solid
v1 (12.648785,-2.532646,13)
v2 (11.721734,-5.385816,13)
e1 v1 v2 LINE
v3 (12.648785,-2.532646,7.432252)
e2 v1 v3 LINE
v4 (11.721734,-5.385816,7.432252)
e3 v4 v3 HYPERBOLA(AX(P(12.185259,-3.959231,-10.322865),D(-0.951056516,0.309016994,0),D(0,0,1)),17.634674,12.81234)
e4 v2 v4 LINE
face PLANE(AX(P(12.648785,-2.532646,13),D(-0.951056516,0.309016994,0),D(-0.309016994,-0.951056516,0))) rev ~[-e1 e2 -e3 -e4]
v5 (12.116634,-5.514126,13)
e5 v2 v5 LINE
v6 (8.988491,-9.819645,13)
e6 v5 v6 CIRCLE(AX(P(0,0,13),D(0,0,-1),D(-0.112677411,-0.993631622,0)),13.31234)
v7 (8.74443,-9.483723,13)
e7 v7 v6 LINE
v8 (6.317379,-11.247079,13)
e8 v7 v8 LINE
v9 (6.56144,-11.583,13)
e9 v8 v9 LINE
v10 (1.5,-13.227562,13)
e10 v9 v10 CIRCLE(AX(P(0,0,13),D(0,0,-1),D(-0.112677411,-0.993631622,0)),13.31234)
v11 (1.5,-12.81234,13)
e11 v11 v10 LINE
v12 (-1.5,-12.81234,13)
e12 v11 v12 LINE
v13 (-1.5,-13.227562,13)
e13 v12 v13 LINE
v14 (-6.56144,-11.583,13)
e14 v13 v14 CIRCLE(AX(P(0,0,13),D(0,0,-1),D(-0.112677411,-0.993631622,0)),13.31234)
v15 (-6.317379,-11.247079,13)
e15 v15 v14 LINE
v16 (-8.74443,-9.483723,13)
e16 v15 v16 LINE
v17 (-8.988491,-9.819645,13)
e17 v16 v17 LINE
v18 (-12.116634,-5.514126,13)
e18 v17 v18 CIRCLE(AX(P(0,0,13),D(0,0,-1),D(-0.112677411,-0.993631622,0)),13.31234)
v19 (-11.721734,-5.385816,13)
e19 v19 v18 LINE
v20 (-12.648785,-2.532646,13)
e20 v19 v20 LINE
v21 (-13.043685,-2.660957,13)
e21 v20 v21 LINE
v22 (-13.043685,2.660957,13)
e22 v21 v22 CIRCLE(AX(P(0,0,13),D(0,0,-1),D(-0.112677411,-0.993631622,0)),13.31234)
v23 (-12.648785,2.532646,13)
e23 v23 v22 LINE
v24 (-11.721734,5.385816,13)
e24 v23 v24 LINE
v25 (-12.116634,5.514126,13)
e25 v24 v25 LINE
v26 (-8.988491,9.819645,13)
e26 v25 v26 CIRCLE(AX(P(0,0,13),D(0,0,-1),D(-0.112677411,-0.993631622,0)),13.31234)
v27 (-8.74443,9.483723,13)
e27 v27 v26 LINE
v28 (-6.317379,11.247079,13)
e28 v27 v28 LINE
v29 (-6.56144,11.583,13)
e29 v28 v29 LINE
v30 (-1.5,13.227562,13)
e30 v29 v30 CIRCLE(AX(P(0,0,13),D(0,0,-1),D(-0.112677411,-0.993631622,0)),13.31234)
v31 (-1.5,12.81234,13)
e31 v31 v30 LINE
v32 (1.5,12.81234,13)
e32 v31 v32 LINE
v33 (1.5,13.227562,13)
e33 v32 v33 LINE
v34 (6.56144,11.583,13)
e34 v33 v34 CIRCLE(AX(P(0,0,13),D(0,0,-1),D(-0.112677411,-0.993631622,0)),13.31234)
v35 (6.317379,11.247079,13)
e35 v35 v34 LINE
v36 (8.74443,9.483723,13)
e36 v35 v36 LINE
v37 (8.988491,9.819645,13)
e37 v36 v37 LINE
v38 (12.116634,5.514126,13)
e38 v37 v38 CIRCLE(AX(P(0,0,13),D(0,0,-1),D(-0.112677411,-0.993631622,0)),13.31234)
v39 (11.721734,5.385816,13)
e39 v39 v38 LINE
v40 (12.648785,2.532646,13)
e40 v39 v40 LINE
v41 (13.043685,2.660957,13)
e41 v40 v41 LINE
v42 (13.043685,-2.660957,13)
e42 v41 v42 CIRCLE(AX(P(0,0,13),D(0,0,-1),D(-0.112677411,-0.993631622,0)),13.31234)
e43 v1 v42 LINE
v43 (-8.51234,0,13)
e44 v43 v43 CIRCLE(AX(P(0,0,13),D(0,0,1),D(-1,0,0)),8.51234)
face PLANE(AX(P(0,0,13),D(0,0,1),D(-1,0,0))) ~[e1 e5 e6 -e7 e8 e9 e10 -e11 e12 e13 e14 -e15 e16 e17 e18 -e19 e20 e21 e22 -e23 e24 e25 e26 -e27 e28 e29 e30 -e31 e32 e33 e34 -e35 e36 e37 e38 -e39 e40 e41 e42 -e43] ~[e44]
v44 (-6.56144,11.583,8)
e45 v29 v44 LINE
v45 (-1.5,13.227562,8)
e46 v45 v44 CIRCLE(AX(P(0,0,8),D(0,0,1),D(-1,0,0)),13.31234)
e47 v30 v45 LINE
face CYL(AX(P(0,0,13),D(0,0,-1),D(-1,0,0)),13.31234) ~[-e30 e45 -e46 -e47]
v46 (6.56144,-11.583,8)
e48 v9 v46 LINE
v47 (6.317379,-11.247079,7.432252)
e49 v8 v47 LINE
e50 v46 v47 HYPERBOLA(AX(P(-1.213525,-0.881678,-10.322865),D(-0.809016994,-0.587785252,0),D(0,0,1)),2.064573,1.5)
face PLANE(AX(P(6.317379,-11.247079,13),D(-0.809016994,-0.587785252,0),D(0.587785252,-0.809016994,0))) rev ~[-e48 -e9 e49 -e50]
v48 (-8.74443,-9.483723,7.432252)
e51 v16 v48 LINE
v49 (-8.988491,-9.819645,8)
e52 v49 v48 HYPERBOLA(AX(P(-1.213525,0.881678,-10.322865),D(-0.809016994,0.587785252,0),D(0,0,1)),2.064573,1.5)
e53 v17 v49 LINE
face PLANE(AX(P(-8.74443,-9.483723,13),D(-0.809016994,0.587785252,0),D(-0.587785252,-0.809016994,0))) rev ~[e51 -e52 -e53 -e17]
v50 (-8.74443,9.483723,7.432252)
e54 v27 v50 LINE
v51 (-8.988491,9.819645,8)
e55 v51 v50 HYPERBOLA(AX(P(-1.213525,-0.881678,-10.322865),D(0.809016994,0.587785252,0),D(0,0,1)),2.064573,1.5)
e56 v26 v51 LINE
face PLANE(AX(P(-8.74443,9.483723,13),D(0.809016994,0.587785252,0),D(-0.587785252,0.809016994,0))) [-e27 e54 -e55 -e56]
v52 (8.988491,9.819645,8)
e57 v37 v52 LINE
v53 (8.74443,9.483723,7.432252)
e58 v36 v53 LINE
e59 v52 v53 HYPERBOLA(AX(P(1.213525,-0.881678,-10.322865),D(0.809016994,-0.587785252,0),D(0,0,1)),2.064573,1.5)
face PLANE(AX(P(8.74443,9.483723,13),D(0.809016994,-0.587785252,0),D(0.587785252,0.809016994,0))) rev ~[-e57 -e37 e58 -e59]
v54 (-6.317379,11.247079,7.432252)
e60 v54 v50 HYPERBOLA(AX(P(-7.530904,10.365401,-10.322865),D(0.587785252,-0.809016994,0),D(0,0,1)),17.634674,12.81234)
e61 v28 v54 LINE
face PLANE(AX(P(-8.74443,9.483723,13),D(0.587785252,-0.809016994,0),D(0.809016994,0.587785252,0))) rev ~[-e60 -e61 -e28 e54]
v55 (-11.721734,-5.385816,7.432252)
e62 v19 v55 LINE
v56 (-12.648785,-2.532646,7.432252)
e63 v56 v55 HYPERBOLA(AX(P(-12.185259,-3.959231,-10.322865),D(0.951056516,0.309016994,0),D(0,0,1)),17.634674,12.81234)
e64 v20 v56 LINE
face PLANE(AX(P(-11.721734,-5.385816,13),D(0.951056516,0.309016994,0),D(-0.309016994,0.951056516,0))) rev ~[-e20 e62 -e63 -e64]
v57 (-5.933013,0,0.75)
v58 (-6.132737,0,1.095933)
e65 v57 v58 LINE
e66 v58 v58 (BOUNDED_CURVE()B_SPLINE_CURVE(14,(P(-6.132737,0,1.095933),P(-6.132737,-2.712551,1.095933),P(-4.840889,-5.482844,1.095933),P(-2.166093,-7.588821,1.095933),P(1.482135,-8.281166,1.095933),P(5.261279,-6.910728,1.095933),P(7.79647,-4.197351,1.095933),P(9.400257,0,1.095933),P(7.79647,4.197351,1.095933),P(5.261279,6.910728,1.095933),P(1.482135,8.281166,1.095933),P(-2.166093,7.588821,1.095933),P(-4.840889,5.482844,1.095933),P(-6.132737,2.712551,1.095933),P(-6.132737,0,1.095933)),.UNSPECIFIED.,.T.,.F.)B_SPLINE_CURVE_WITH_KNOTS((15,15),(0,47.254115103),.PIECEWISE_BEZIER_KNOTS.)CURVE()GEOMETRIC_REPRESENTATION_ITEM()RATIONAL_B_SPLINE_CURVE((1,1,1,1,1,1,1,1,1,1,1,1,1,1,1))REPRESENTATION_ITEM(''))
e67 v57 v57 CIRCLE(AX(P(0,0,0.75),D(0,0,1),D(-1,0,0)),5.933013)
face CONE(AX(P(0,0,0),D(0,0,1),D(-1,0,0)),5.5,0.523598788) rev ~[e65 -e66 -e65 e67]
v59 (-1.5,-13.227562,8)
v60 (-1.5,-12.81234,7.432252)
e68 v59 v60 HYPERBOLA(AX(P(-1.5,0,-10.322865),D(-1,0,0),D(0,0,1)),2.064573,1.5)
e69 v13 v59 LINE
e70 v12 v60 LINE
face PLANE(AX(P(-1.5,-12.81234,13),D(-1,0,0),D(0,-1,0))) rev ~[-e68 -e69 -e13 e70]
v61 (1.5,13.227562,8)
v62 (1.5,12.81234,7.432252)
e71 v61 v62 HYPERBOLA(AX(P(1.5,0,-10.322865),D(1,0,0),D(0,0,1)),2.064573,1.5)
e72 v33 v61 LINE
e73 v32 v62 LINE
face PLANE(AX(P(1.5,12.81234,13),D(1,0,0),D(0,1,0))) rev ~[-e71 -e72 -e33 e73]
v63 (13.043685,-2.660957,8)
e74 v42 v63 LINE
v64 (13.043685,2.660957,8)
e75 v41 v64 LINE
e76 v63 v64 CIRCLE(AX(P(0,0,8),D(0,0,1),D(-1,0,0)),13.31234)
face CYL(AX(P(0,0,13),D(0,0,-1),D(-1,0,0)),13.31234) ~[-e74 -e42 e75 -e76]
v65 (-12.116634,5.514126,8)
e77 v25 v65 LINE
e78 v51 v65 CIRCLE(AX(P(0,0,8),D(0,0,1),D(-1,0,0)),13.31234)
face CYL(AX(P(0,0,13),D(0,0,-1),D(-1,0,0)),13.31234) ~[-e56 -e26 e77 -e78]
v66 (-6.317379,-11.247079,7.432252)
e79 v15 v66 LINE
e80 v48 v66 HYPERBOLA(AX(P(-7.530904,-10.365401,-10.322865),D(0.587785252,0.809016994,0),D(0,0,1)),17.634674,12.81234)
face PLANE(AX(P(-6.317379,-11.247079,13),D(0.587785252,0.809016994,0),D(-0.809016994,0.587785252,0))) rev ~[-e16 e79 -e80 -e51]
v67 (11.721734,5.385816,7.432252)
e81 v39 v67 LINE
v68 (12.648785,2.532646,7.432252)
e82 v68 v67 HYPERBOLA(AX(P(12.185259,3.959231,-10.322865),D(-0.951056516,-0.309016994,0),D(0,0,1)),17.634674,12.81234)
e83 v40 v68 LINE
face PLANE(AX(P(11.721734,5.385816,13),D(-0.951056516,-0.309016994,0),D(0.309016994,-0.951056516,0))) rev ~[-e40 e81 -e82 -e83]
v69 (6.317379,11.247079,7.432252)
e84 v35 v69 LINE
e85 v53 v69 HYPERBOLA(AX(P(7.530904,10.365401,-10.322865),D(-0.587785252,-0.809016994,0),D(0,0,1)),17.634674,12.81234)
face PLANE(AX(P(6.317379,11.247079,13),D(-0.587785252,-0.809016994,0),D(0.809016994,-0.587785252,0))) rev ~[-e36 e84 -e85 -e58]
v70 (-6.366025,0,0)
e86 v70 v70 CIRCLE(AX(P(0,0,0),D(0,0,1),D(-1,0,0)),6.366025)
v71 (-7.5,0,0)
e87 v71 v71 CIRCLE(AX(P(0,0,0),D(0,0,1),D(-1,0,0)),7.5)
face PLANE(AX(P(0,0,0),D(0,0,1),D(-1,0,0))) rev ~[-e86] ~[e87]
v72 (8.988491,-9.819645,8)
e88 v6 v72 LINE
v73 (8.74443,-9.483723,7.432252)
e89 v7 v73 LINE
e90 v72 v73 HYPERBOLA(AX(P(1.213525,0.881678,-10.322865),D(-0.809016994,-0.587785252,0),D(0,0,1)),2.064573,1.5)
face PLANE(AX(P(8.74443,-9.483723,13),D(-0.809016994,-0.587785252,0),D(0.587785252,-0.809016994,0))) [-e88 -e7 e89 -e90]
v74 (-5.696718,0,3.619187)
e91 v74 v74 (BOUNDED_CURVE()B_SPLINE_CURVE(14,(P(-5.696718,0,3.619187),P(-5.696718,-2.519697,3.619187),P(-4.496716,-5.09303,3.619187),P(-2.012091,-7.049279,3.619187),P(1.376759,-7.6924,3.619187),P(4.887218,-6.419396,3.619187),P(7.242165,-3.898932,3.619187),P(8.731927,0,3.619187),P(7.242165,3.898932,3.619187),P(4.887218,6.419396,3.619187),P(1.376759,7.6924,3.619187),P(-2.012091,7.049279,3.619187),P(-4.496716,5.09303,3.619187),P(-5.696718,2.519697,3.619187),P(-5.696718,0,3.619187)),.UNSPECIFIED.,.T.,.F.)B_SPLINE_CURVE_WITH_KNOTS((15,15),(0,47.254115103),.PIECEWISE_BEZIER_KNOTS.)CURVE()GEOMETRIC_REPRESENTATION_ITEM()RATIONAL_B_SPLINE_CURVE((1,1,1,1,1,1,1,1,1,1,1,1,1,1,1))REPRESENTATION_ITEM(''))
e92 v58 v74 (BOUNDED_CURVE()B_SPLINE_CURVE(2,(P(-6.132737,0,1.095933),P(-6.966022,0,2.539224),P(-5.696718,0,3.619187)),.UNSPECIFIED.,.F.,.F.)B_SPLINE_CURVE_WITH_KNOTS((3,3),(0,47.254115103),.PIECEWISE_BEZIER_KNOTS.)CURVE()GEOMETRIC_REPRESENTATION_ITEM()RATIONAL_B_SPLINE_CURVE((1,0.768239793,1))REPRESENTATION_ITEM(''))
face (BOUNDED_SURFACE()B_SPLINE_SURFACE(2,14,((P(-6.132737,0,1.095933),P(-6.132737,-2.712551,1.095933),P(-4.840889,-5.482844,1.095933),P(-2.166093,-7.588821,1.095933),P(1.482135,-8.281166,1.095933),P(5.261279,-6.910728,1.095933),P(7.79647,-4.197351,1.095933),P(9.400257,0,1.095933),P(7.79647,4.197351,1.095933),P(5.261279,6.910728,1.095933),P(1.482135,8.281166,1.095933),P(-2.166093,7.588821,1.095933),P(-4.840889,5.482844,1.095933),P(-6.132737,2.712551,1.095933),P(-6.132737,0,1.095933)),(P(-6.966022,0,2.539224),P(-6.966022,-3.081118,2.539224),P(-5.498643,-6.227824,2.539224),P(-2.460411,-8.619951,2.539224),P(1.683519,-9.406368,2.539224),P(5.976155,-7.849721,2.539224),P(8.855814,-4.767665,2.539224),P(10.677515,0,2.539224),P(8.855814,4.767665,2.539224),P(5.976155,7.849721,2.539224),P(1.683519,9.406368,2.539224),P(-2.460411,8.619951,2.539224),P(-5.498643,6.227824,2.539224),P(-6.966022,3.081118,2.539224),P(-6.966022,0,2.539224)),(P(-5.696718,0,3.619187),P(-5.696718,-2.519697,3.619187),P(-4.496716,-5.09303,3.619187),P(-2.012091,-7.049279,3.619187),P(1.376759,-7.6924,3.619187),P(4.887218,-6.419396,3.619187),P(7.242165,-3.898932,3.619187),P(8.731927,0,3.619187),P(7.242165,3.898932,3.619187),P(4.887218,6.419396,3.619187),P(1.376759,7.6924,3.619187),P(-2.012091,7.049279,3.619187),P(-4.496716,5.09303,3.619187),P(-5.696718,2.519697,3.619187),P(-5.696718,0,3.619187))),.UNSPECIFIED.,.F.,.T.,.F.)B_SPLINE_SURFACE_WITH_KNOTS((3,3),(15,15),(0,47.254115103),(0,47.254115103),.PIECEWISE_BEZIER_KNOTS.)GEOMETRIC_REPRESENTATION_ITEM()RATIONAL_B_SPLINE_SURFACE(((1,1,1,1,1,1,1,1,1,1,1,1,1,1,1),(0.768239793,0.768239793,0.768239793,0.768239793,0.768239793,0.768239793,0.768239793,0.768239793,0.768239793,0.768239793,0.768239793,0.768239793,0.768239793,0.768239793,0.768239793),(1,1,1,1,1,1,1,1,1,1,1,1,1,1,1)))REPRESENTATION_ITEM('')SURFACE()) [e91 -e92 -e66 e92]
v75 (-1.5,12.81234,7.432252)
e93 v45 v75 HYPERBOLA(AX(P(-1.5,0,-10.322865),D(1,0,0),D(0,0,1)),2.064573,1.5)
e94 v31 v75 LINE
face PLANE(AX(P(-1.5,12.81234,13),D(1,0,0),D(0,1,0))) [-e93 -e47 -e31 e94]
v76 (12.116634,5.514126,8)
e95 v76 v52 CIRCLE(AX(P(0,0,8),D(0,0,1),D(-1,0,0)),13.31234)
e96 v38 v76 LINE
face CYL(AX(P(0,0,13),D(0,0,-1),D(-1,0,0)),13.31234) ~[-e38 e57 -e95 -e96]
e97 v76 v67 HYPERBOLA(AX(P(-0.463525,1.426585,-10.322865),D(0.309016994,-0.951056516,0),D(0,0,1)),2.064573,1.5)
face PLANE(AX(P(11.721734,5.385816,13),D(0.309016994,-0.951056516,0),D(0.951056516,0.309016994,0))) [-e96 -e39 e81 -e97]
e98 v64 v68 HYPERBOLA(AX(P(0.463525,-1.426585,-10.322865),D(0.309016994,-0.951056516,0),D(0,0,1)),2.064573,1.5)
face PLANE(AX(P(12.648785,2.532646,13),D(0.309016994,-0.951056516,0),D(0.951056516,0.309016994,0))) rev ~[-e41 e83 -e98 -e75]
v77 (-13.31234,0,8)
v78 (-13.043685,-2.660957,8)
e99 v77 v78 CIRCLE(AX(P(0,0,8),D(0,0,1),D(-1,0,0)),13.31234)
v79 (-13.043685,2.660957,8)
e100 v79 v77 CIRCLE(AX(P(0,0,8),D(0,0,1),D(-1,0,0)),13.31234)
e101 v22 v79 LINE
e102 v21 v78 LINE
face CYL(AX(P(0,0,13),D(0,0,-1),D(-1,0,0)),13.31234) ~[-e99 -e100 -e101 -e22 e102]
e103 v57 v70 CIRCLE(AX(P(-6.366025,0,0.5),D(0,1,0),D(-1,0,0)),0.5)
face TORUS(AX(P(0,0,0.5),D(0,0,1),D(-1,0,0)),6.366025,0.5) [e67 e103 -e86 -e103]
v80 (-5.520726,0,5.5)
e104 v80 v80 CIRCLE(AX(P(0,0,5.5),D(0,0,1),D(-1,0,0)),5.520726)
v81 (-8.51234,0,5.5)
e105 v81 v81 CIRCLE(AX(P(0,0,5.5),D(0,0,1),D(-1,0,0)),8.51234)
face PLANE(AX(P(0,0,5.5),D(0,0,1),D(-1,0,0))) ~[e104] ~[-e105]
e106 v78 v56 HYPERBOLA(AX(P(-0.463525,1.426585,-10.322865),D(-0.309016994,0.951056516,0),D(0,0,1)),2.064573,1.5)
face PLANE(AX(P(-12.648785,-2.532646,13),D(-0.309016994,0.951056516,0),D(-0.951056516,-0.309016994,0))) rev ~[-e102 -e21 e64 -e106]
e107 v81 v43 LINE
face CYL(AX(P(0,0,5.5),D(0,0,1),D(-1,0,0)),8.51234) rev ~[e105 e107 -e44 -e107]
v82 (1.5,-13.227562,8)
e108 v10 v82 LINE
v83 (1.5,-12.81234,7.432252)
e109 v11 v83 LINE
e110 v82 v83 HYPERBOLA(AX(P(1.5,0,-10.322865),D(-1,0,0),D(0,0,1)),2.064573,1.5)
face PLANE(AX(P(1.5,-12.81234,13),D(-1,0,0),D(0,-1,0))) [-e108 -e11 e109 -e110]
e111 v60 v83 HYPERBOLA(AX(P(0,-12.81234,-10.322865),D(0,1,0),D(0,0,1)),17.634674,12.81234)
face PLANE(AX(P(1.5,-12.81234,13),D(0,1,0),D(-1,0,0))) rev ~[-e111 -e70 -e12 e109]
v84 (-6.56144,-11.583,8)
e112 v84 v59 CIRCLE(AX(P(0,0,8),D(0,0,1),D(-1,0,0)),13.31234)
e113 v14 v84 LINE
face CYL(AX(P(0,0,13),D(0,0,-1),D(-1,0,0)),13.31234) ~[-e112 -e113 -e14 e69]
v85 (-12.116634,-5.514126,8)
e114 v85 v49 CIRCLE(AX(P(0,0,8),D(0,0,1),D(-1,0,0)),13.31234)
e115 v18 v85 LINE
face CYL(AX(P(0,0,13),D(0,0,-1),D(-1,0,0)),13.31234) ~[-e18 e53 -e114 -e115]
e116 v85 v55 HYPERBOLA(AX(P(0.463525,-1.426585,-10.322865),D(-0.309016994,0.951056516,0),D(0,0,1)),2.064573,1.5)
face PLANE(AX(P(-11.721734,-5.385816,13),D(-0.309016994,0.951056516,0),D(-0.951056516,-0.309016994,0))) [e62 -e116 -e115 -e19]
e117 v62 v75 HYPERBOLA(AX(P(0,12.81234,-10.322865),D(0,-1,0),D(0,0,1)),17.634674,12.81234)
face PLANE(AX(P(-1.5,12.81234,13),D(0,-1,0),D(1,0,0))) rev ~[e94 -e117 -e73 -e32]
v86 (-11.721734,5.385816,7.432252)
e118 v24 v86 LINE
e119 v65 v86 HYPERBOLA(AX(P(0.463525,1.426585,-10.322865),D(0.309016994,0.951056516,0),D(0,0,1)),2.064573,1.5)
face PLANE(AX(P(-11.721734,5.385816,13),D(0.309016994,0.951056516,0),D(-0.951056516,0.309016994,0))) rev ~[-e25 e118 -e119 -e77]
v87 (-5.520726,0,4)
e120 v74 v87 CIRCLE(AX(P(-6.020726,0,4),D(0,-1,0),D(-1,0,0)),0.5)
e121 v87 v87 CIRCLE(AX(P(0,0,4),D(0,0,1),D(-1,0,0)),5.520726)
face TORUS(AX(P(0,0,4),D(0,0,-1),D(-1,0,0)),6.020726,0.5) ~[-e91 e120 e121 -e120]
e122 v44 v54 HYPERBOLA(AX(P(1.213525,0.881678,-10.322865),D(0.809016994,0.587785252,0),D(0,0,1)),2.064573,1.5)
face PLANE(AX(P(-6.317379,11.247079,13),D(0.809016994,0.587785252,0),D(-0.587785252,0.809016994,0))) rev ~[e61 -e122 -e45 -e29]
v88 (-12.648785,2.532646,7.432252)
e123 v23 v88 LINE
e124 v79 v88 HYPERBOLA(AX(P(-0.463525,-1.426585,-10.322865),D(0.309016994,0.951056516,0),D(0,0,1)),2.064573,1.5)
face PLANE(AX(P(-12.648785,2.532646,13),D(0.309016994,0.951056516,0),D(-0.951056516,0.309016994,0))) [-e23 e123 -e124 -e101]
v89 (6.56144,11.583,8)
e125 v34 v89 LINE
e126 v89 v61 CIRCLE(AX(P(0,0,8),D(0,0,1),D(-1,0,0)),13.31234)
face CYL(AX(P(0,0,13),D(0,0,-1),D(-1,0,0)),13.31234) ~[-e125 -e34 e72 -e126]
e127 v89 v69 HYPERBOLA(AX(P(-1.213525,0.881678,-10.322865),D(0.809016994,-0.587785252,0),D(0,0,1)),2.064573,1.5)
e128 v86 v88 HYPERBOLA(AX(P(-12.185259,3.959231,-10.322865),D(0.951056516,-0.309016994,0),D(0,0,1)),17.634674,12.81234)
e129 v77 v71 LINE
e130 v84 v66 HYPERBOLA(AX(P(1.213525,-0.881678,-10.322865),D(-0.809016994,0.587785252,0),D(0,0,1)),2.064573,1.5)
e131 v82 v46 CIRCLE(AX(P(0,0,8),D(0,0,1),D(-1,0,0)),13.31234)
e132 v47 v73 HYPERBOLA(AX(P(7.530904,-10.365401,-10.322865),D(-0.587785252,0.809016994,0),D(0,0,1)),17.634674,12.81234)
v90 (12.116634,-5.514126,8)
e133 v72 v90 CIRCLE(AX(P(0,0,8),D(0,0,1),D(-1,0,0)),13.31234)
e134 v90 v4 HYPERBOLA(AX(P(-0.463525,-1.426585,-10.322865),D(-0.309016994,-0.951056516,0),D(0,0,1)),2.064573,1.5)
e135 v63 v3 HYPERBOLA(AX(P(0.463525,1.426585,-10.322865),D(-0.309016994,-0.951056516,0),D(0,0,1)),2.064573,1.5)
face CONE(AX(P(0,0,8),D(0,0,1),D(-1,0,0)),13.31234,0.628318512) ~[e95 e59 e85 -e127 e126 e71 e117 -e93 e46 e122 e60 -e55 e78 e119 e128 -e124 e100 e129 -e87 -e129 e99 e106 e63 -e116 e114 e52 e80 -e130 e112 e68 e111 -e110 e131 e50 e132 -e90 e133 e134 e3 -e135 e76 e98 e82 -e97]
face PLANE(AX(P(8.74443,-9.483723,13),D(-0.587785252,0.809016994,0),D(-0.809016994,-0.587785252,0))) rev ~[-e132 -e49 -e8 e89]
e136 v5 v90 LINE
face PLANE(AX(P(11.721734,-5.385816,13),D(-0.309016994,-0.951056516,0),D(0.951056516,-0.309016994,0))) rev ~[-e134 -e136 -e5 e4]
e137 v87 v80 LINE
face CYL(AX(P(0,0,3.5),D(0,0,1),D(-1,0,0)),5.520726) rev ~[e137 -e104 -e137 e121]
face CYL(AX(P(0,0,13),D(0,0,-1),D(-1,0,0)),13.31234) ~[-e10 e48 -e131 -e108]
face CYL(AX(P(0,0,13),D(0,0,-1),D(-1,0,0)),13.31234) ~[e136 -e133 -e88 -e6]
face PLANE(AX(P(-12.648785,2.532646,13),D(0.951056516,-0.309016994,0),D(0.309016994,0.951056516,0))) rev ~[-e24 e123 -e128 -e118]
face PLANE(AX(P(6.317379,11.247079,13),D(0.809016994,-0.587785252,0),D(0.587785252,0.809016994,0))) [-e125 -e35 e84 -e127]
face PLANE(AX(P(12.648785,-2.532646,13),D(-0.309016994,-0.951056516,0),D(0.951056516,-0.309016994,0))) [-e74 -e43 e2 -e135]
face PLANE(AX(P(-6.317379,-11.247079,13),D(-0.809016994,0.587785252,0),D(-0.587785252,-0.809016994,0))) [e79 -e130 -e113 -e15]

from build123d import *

# Parameters (mm, degrees)
SKETCH005_W        = 3
SKETCH005_H        = 1
POCKET002_DEPTH    = 92.668992
POLARPATTERN_COUNT = 10
FILLET_R           = 0.5
FILLET004_R        = 2


with BuildPart() as part:
    # Sketch003 → Revolution (revolve)
    with BuildSketch(Plane.XZ):
        Polygon((-5.5, 0), (-7.520726, 3.5), (-5.520726, 3.5), (-5.520726, 5.5), (-8.51234, 5.5), (-8.51234, 8), (-8.51234, 13), (-11.31234, 13), (-13.31234, 13), (-13.31234, 8), (-7.5, 0), align=None)
    revolve(axis=Axis((0, 0, 0), (0, 0, 1)))

    # Sketch005 (on Face1 of Revolution) → Pocket002 (cut, through all)
    with BuildSketch(Plane(origin=(0, 0, 13), x_dir=(-1, 0, 0), z_dir=(0, 0, 1))):
        with Locations((0, 13.31234)):
            Rectangle(SKETCH005_W, SKETCH005_H)
    pocket002 = extrude(amount=-POCKET002_DEPTH, mode=Mode.SUBTRACT)

    # PolarPattern: Pocket002 ×10 about axis
    polarpattern_axis = Axis((0, 0, 13), (0, 0, 1))
    for i in range(1, POLARPATTERN_COUNT):
        add(pocket002.rotate(polarpattern_axis, i * 360 / POLARPATTERN_COUNT), mode=Mode.SUBTRACT)

    # Fillet
    fillet_edges = [part.edges().sort_by_distance(p)[0] for p in [
        (5.520726, 0, 3.5),
        (5.5, 0, 0),
    ]]
    fillet(fillet_edges, radius=FILLET_R)

    # Fillet004
    fillet004_edges = [part.edges().sort_by_distance(p)[0] for p in [
        (7.520726, 0, 3.5),
    ]]
    fillet(fillet004_edges, radius=FILLET004_R)


solid = part.part
